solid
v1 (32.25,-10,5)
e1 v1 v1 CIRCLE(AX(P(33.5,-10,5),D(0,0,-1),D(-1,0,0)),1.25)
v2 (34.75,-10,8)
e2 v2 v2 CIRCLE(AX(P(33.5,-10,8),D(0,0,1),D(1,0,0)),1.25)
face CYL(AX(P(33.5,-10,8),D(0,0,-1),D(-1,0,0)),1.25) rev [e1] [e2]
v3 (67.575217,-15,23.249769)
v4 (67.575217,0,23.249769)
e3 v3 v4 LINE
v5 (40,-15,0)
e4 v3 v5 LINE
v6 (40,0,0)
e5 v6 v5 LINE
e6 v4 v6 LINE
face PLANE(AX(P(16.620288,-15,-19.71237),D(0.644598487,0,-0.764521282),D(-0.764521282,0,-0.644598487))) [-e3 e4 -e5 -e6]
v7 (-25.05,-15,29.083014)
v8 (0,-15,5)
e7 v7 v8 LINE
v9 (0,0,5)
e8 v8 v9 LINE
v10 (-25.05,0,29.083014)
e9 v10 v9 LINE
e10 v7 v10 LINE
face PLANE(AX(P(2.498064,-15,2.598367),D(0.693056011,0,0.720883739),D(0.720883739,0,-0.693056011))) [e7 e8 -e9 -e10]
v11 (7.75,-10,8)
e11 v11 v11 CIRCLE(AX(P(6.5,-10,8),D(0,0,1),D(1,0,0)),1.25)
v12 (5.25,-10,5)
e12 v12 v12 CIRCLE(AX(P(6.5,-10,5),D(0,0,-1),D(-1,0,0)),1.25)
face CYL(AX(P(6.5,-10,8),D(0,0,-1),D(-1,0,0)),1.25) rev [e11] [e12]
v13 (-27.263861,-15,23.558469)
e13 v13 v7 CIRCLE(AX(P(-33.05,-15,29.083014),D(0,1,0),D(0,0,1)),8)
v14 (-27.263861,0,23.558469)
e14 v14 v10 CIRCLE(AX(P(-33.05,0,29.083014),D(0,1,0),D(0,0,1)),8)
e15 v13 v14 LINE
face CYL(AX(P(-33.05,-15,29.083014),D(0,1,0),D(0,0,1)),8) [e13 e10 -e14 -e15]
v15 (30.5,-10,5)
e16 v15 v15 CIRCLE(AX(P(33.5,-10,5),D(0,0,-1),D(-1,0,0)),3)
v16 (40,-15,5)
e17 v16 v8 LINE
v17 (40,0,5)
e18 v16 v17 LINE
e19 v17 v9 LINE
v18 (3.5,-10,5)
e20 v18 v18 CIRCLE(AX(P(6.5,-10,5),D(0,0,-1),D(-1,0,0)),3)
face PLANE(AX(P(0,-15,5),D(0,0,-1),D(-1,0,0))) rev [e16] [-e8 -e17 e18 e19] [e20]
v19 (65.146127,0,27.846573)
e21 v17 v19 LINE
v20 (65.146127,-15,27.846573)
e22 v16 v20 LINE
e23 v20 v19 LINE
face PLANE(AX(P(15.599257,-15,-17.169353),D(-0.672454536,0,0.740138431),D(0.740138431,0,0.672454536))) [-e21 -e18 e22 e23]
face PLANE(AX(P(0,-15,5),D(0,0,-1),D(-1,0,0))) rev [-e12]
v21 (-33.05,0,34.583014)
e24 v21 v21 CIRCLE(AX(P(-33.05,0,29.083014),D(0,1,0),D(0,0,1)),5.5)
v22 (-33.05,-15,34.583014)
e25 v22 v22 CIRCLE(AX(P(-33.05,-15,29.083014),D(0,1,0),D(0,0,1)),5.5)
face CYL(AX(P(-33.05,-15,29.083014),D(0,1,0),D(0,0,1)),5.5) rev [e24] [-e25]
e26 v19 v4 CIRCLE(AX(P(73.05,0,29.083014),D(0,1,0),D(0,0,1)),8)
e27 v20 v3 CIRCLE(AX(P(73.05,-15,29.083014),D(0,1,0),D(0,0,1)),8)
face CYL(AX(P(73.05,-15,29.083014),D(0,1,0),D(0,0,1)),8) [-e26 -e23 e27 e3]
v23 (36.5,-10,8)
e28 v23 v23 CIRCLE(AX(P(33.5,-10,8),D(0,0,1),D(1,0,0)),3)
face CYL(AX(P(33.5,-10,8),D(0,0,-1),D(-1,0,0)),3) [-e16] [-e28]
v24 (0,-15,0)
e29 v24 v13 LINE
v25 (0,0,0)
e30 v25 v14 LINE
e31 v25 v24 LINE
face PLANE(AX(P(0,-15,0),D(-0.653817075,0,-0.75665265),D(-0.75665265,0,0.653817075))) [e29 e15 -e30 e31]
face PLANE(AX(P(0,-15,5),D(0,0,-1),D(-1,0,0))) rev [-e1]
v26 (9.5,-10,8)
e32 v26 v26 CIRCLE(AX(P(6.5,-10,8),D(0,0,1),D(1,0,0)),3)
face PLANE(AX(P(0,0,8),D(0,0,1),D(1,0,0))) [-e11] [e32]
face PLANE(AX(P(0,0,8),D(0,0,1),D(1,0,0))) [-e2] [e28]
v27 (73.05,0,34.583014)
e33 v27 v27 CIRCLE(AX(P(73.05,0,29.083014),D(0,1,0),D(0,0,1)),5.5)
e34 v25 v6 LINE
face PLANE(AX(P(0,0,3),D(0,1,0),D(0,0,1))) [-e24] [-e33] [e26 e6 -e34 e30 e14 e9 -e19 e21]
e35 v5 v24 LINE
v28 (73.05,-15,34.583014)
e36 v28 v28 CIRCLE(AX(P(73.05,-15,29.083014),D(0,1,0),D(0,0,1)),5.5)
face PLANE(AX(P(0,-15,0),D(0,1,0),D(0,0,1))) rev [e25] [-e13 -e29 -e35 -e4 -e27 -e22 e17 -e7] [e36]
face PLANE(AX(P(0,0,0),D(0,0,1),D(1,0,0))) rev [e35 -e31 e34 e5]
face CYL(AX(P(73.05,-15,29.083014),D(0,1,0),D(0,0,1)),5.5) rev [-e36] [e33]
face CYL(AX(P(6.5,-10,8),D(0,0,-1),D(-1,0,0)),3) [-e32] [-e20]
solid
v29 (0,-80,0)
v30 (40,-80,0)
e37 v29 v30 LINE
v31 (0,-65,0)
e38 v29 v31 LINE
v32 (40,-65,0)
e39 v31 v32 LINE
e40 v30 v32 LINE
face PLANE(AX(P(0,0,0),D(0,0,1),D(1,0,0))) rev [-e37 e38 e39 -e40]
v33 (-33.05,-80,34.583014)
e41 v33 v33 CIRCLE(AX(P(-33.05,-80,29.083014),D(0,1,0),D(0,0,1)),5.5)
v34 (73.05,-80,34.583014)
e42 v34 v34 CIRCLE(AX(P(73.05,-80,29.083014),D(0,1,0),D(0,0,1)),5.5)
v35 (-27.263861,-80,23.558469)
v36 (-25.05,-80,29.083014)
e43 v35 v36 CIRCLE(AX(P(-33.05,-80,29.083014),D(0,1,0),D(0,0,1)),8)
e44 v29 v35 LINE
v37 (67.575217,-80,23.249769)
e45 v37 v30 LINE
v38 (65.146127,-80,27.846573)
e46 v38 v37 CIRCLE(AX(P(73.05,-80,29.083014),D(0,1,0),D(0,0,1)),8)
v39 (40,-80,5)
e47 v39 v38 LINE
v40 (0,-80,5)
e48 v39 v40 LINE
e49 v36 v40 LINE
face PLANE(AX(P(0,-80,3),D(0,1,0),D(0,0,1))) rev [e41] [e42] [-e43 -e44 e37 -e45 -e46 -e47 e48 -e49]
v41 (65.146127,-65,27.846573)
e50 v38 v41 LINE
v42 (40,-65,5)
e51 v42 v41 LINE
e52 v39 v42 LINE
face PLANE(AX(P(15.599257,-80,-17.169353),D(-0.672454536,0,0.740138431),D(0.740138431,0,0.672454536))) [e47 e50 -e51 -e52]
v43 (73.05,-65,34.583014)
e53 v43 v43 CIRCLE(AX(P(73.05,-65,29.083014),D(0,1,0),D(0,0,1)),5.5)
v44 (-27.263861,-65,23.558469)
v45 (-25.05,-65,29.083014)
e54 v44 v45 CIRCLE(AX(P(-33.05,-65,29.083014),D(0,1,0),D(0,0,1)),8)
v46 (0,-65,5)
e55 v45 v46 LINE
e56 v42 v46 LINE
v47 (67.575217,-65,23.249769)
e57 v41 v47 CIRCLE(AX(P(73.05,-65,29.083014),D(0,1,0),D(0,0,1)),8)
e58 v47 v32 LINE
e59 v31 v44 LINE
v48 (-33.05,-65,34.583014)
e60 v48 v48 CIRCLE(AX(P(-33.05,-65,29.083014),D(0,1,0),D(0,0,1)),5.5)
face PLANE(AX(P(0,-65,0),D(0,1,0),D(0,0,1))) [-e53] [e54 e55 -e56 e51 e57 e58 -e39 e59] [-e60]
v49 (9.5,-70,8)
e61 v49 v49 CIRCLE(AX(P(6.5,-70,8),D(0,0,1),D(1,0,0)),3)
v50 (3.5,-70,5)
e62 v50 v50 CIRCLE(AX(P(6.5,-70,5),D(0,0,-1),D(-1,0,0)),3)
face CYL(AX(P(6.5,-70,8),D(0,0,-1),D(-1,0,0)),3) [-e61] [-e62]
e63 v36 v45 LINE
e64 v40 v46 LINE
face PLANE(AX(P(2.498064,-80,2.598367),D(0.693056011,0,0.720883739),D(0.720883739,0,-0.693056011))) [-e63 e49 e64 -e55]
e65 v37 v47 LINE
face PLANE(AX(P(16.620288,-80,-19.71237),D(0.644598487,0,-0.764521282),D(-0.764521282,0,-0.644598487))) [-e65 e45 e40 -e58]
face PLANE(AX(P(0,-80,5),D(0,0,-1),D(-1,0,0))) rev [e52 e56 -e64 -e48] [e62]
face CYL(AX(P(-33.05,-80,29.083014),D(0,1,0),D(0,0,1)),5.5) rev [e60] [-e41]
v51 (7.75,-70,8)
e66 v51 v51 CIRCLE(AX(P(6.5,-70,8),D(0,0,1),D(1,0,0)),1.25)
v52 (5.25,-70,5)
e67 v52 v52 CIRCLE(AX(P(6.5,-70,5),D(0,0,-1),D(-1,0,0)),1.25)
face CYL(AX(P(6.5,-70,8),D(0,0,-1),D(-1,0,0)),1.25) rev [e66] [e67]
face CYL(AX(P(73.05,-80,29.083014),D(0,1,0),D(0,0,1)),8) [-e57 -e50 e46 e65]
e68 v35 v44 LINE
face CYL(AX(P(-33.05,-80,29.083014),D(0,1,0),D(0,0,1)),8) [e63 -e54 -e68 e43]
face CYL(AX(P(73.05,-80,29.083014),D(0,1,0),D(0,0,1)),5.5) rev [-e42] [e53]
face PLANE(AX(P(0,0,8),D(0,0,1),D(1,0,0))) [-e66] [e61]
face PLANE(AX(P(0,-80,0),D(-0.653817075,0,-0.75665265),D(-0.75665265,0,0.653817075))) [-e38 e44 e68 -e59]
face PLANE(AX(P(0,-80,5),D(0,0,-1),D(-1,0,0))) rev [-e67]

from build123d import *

# Parameters (mm, degrees)
SKETCH1_W           = 40
SKETCH1_H           = 80
BOSS_EXTRUDE1_DEPTH = 3
SKETCH2_R           = 3
SKETCH2_R_2         = 1.25
BOSS_EXTRUDE2_DEPTH = 5
SKETCH3_R           = 5.5
BOSS_EXTRUDE3_DEPTH = 15
LPATTERN1_COUNT     = 2
LPATTERN1_PITCH     = 65
SKETCH4_W           = 56.102770757
SKETCH4_H           = 50
CUT_EXTRUDE1_DEPTH  = 119.314928378


with BuildPart() as part:
    # Sketch1 → Boss-Extrude1 (new body)
    with BuildSketch(Plane.XY):
        with Locations((20, -40)):
            Rectangle(SKETCH1_W, SKETCH1_H)
    extrude(amount=BOSS_EXTRUDE1_DEPTH)

    # Sketch2 → Boss-Extrude2 (add)
    # profile 1 of 3: a face of its own
    with BuildSketch(Plane.XY.offset(3)):
        with Locations((6.5, -10)):
            Circle(SKETCH2_R)
        with Locations((6.5, -10)):
            Circle(SKETCH2_R_2, mode=Mode.SUBTRACT)
    # profile 2 of 3: a face of its own
    with BuildSketch(Plane.XY.offset(3)):
        with Locations((33.5, -10)):
            Circle(SKETCH2_R)
        with Locations((33.5, -10)):
            Circle(SKETCH2_R_2, mode=Mode.SUBTRACT)
    # profile 3 of 3: a face of its own
    with BuildSketch(Plane.XY.offset(3)):
        with Locations((6.5, -70)):
            Circle(SKETCH2_R)
        with Locations((6.5, -70)):
            Circle(SKETCH2_R_2, mode=Mode.SUBTRACT)
    extrude(amount=BOSS_EXTRUDE2_DEPTH)

    # Sketch3 → Boss-Extrude3 (add)
    with BuildSketch(Plane(origin=(0, 0, 0), x_dir=(1, 0, 0), z_dir=(0, 1, 0))):
        with BuildLine():
            Line((67.575216761, -23.249768733), (40, 0))
            Line((40, 0), (0, 0))
            Line((0, 0), (-27.263861108, -23.558468907))
            ThreePointArc((-27.263861108, -23.558468907), (-40.475938026, -32.058823719), (-25.05, -29.08301384))
            Line((-25.05, -29.08301384), (0, -5))
            Line((0, -5), (40, -5))
            Line((40, -5), (65.146126602, -27.84657326))
            ThreePointArc((65.146126602, -27.84657326), (80.123172295, -32.820691419), (67.575216761, -23.249768733))
        make_face()
        with Locations(Location((-33.05, -29.08301384, 0), (0, 0, 270))):
            Circle(SKETCH3_R, mode=Mode.SUBTRACT)
        with Locations(Location((73.05, -29.08301384, 0), (0, 0, 270))):
            Circle(SKETCH3_R, mode=Mode.SUBTRACT)
    boss_extrude3 = extrude(amount=-BOSS_EXTRUDE3_DEPTH)

    # LPattern1: Boss-Extrude3 ×2
    with Locations(*[(0, -i * LPATTERN1_PITCH, 0) for i in range(1, LPATTERN1_COUNT)]):
        add(boss_extrude3)

    # Sketch4 → Cut-Extrude1 (cut, through all)
    with BuildSketch(Plane.XY.offset(5)):
        with Locations((20.812178196, -40)):
            Rectangle(SKETCH4_W, SKETCH4_H)
    extrude(amount=-CUT_EXTRUDE1_DEPTH, mode=Mode.SUBTRACT)


with BuildPart() as cut_extrude1_piece_1:
    # of the separate pieces the step leaves, piece 1, a body of its own (cut_extrude1_pieces)
    add(part.part.solids().sort_by_distance((0, 0, 0))[0])


with BuildPart() as cut_extrude1_piece_2:
    # of the separate pieces the step leaves, piece 2, a body of its own (cut_extrude1_pieces)
    add(part.part.solids().sort_by_distance((0, -80, 0))[0])


solid = Compound([cut_extrude1_piece_1.part, cut_extrude1_piece_2.part])
